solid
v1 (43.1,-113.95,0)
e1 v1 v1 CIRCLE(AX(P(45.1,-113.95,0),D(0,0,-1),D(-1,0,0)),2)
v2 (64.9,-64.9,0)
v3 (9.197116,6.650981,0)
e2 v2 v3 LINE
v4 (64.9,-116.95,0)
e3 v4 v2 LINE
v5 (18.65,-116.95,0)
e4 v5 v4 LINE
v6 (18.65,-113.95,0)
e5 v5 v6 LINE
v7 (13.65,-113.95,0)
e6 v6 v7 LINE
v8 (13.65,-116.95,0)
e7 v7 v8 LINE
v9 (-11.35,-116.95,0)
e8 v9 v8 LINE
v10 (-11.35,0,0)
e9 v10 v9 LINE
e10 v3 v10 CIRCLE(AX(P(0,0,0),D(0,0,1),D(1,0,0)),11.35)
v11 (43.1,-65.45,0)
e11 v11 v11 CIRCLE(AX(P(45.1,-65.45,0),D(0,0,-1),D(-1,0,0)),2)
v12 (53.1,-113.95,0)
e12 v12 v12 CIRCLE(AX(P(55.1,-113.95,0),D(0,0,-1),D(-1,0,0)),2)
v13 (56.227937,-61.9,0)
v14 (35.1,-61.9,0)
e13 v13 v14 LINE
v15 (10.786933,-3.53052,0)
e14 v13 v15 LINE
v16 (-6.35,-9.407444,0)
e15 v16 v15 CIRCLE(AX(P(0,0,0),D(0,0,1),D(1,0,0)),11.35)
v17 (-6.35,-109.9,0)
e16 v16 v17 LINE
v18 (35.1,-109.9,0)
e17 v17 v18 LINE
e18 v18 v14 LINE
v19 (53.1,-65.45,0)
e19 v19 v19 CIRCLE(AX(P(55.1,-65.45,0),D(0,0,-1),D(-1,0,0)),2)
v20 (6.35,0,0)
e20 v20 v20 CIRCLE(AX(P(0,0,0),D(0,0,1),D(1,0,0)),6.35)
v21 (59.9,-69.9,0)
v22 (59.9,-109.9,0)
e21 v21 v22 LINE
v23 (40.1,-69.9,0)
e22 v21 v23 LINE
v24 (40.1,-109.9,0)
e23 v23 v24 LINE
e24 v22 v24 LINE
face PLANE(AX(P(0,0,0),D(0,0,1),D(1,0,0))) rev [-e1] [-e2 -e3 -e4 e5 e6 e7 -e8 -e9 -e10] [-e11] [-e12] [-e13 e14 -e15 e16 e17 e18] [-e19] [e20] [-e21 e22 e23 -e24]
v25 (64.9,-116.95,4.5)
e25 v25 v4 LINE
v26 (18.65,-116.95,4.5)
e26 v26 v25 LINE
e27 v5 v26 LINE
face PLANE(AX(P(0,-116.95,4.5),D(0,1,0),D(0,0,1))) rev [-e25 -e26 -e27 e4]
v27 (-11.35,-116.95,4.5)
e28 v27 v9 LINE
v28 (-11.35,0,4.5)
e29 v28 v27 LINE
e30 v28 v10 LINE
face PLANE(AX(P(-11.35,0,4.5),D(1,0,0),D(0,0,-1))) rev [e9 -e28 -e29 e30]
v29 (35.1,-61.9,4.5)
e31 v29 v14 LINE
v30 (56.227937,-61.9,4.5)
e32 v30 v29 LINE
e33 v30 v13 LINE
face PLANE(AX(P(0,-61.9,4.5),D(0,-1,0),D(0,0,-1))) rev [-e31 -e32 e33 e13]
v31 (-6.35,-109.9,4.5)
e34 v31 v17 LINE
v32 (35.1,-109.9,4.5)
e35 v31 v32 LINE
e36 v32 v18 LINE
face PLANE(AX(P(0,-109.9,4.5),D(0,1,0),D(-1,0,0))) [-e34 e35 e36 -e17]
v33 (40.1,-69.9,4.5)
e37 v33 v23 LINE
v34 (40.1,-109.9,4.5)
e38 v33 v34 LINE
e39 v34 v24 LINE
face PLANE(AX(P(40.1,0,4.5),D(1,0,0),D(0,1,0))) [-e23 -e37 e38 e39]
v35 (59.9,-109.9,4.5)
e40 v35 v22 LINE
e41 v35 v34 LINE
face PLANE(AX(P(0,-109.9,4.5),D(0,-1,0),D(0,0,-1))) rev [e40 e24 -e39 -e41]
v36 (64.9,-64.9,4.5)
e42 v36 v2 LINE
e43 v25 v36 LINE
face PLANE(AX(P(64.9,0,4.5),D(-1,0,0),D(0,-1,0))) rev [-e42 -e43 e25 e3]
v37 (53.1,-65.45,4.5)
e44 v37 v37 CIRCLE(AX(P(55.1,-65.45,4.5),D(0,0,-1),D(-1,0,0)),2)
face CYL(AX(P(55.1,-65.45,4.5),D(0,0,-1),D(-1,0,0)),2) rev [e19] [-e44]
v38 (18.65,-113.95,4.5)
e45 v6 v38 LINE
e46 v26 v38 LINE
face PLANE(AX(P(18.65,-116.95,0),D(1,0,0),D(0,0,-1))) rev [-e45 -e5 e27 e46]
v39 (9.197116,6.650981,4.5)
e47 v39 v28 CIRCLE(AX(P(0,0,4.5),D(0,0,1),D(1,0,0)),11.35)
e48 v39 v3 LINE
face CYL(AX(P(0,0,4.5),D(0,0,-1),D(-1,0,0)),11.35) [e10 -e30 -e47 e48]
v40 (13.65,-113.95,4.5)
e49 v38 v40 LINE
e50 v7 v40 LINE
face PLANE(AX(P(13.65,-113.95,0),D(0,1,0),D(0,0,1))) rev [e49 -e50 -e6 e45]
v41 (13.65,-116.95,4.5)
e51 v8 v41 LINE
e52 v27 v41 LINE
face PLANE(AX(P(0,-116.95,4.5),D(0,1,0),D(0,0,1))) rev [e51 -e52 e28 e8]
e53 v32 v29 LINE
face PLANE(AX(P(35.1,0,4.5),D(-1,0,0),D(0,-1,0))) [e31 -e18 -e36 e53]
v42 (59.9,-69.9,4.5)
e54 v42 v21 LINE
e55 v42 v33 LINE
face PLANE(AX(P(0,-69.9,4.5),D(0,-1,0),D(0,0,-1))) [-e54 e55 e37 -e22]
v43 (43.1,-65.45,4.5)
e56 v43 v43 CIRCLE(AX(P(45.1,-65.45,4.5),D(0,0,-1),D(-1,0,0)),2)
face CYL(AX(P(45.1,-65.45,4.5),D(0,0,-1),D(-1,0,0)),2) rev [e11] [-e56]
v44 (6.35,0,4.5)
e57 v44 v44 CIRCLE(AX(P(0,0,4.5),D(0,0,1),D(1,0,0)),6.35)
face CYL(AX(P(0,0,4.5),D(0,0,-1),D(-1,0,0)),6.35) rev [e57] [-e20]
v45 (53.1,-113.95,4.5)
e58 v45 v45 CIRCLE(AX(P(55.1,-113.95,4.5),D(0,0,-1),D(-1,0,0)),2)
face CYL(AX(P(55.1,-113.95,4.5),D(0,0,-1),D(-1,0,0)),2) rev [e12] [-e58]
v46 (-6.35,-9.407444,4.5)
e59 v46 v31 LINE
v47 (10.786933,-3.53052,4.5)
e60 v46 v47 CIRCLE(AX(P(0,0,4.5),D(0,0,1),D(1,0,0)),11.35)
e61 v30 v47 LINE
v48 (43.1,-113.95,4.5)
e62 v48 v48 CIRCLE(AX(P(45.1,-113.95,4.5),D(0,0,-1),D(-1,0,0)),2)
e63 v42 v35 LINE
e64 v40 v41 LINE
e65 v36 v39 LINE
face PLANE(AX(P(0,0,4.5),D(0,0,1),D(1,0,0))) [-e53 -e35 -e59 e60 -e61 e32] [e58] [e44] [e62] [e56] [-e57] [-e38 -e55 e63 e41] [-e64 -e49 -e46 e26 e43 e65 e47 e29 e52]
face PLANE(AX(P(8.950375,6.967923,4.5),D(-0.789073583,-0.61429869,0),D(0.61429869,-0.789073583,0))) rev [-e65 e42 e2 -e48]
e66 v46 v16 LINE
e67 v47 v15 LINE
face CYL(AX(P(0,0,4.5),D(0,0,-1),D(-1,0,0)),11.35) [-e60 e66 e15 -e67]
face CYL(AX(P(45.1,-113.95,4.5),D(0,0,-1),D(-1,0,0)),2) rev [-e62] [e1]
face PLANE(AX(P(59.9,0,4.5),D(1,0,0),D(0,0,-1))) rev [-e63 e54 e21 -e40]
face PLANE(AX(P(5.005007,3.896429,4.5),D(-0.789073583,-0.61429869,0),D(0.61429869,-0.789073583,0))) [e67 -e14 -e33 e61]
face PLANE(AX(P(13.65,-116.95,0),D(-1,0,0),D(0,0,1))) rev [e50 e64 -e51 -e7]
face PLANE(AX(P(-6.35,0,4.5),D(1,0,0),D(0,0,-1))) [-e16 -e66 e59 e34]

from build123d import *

# Parameters (mm, degrees)
SKETCH1_R           = 6.35
BOSS_EXTRUDE1_DEPTH = 4.5
SKETCH2_R           = 2
CUT_EXTRUDE1_DEPTH  = 134.826613571
SKETCH3_W           = 5
SKETCH3_H           = 3
CUT_EXTRUDE2_DEPTH  = 134.826613571


with BuildPart() as part:
    # Sketch1 → Boss-Extrude1 (new body)
    with BuildSketch(Plane.XY):
        with BuildLine():
            Line((64.9, -114.9), (64.9, -64.9))
            Line((64.9, -64.9), (9.197116485, 6.650981008))
            ThreePointArc((9.197116485, 6.650981008), (-3.49537036, 10.798374232), (-11.35, 0))
            Line((-11.35, 0), (-11.35, -114.9))
            Line((-11.35, -114.9), (-11.35, -116.95))
            Line((-11.35, -116.95), (35.1, -116.95))
            Line((35.1, -116.95), (64.9, -116.95))
            Line((64.9, -116.95), (64.9, -114.9))
        make_face()
        with BuildLine():
            Line((35.1, -61.9), (35.1, -64.9))
            Line((35.1, -64.9), (35.1, -109.9))
            Line((35.1, -109.9), (-6.35, -109.9))
            Line((-6.35, -109.9), (-6.35, -9.407443861))
            ThreePointArc((-6.35, -9.407443861), (3.681868281, -10.736216557), (10.786933356, -3.530519618))
            Line((10.786933356, -3.530519618), (56.22793669, -61.9))
            Line((56.22793669, -61.9), (35.1, -61.9))
        make_face(mode=Mode.SUBTRACT)
        Polygon((40.1, -69.9), (59.9, -69.9), (59.9, -100), (59.9, -109.9), (50, -109.9), (40.1, -109.9), (40.1, -100), align=None, mode=Mode.SUBTRACT)
        Circle(SKETCH1_R, mode=Mode.SUBTRACT)
    extrude(amount=BOSS_EXTRUDE1_DEPTH)

    # Sketch2 → Cut-Extrude1 (cut, through all)
    with BuildSketch(Plane(origin=(0, 0, 0), x_dir=(-1, 0, 0), z_dir=(0, 0, -1))):
        with Locations((-55.1, -113.95)):
            Circle(SKETCH2_R)
        with Locations((-45.1, -113.95)):
            Circle(SKETCH2_R)
        with Locations((-45.1, -65.45)):
            Circle(SKETCH2_R)
        with Locations((-55.1, -65.45)):
            Circle(SKETCH2_R)
    extrude(amount=-CUT_EXTRUDE1_DEPTH, mode=Mode.SUBTRACT)

    # Sketch3 → Cut-Extrude2 (cut, through all)
    with BuildSketch(Plane.XY.offset(4.5)):
        with Locations((16.15, -115.45)):
            Rectangle(SKETCH3_W, SKETCH3_H)
    extrude(amount=-CUT_EXTRUDE2_DEPTH, mode=Mode.SUBTRACT)


solid = part.part
